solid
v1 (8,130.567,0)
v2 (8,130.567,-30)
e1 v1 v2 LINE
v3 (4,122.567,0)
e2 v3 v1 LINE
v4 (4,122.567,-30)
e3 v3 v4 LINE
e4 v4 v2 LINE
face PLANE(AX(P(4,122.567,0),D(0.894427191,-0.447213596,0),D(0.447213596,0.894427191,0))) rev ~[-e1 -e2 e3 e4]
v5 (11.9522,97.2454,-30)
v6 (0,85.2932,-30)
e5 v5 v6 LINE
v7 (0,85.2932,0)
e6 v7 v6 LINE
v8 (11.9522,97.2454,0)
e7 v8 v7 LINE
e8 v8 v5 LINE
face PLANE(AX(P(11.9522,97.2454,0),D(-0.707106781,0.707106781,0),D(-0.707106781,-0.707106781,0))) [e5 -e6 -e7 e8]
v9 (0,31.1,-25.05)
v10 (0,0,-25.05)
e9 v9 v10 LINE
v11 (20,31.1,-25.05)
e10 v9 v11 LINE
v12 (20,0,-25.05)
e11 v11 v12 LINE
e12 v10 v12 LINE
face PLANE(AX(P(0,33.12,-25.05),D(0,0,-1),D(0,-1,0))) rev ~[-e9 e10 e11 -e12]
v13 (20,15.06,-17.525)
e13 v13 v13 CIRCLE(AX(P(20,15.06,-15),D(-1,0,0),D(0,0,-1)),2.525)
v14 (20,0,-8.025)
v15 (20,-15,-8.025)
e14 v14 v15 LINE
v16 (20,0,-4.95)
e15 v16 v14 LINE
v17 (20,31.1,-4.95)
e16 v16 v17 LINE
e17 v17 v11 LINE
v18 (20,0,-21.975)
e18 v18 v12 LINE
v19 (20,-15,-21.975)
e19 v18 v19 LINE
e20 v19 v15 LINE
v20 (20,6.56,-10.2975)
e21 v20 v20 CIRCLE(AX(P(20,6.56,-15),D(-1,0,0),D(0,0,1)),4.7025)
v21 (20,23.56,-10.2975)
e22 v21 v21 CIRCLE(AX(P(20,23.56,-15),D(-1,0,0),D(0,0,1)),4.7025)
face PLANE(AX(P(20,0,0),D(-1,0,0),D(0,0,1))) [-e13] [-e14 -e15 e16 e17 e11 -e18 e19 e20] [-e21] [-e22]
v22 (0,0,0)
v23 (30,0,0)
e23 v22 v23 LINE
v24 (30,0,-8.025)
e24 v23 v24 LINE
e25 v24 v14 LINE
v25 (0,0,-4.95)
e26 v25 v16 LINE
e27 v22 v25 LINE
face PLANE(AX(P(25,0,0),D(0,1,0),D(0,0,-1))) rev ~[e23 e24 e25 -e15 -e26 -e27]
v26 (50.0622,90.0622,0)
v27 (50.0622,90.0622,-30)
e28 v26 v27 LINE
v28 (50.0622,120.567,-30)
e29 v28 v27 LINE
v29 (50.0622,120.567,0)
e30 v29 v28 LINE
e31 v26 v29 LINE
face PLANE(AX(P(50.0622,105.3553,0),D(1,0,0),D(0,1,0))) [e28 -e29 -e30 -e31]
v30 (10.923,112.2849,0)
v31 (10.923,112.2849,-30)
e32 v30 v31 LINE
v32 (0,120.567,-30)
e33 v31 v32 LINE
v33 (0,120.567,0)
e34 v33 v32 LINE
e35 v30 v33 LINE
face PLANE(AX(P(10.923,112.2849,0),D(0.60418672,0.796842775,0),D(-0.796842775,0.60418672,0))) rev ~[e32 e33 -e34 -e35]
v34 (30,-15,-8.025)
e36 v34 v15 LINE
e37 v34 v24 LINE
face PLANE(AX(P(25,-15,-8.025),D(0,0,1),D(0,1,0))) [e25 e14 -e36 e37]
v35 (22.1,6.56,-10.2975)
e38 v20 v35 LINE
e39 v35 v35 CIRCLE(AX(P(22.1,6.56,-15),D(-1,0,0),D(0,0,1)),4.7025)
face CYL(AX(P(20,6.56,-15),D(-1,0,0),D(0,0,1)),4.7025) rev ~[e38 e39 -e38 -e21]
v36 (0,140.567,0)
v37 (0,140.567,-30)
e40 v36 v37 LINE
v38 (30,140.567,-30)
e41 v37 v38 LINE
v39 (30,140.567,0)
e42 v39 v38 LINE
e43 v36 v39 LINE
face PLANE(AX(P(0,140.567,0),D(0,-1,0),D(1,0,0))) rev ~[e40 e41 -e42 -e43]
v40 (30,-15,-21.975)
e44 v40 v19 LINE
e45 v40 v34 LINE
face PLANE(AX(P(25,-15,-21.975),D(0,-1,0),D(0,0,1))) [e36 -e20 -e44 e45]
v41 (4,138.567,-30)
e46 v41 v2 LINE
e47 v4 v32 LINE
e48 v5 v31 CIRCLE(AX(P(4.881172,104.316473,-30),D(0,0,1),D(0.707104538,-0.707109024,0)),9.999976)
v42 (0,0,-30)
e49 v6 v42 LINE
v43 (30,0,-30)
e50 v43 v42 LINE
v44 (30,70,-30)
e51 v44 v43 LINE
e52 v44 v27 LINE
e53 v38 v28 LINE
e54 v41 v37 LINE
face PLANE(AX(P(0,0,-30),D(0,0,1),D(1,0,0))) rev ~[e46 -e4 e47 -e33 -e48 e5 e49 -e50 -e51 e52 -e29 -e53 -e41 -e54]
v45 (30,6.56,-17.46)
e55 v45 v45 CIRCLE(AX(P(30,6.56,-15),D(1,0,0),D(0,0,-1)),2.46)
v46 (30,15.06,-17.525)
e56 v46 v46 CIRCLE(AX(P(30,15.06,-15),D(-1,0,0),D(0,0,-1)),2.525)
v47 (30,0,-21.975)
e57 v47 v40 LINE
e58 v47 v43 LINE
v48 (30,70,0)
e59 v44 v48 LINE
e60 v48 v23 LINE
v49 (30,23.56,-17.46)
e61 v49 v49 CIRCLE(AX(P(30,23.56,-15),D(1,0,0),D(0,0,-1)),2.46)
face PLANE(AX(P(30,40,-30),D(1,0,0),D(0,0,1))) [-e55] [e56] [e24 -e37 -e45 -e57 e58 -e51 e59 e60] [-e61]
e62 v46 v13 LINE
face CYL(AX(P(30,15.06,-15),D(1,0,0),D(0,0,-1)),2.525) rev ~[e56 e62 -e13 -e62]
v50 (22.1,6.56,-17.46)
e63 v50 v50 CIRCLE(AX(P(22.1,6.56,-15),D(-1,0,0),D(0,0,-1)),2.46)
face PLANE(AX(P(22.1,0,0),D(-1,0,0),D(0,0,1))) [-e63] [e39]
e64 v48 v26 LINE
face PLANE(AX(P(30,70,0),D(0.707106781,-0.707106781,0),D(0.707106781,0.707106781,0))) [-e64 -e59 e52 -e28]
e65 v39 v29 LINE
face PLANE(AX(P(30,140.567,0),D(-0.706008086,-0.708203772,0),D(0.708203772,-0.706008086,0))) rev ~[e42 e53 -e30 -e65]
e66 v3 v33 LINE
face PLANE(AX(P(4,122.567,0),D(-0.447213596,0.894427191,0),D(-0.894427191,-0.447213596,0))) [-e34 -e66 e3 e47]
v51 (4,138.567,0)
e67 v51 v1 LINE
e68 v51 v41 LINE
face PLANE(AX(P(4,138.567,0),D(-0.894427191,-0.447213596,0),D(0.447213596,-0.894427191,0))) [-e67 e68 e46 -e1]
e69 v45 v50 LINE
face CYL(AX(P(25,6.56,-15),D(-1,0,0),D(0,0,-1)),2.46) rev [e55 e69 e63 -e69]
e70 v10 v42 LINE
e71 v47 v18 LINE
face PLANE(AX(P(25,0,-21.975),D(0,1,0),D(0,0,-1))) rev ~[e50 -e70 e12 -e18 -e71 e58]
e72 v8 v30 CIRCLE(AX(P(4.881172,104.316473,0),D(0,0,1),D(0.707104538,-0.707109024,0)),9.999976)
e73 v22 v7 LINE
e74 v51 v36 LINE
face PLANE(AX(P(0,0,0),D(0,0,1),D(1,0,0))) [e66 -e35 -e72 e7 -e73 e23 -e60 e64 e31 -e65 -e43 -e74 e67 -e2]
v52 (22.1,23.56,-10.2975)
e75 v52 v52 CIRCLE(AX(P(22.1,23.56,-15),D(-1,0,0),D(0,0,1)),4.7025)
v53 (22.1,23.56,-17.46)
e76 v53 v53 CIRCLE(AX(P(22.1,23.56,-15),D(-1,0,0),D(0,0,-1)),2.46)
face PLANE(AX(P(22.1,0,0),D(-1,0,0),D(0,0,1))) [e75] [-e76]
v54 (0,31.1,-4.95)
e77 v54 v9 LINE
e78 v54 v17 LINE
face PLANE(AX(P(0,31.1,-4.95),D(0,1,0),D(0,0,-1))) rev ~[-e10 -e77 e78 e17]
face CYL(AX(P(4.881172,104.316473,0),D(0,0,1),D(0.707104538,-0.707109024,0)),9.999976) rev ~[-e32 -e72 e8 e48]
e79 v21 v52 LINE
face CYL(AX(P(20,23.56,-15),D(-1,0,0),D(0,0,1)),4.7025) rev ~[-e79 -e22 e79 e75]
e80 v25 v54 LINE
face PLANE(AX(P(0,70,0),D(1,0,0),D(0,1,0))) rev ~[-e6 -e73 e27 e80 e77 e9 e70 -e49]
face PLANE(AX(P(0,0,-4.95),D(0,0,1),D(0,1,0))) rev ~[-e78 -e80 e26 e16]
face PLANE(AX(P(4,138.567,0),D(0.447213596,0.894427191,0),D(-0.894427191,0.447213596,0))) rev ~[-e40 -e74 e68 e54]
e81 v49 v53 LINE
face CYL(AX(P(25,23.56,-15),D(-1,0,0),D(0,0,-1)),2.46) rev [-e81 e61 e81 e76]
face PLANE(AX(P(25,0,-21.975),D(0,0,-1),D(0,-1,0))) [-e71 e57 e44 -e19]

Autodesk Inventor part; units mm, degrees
ref_plane "YZ Plane" through (0, 0, 0) normal (1, 0, 0) x (0, 1, 0)
ref_plane "XZ Plane" through (0, 0, 0) normal (0, 1, 0) x (-1, 0, 0)
ref_plane "XY Plane" through (0, 0, 0) normal (0, 0, 1) x (1, 0, 0)
sketch "Sketch1" plane through (0, 0, 0) normal (0, 0, 1) x (1, 0, 0)
  line L0 (0, 0) -> (25, 0)
  line L1 (25, 0) -> (25, 40)
  line L2 (25, 40) -> (0, 40)
  line L3 (0, 40) -> (0, 0)
  dimension "d1" = 25
  dimension "d2" = 40
  dimension "d3" = 25
extrude "Extrusion1" add sketch "Sketch1" against normal blind 30
sketch "Sketch2" plane through (25, 0, 0) normal (1, 0, 0) x (0, 0, -1)
  line L0 (0, 0) -> (30, 0) projected
  circle A0 centre (15, 6.56) radius 2.46
extrude "Extrusion2" cut sketch "Sketch2" against normal blind 30
sketch "Sketch3" plane through (0, 0, 0) normal (-1, 0, 0) x (0, 0, 1)
  line L0 (0, 0) -> (-30, 0) projected
  line L1 (-25.05, 0) -> (-4.95, 0)
  line L2 (-4.95, 0) -> (-4.95, 33.12)
  line L3 (-4.95, 33.12) -> (-25.05, 33.12)
  line L4 (-25.05, 33.12) -> (-25.05, 0)
  dimension "d11" = 20.1
extrude "Extrusion3" cut sketch "Sketch3" against normal blind 20
sketch "Sketch4" plane through (0, 0, 0) normal (0, -1, 0) x (1, 0, 0)
  line L0 (20, -4.95) -> (20, -25.05) projected
  line L1 (20, -15) -> (25, -15)
  line L2 (25, 0) -> (25, -30) projected
  line L3 (20, -8.025) -> (25, -8.025)
  line L4 (25, -8.025) -> (25, -21.975)
  line L5 (25, -21.975) -> (20, -21.975)
  line L6 (20, -21.975) -> (20, -8.025)
  line L7 (20, -8.025) -> (25, -21.975) construction
  line L8 (25, -8.025) -> (20, -21.975) construction
  line L9 (25, -12.54) -> (25, -17.46) projected
  point P0 (0, 0)
  point P1 (22.5, -15)
  dimension "d14" = 13.95
extrude "Extrusion4" add sketch "Sketch4" along normal blind 15
sketch "Sketch5" plane through (20, 0, 0) normal (-1, 0, 0) x (0, 0, 1)
  circle A0 centre (-15, 6.56) radius 2.46 projected
  circle A1 centre (-15, 6.56) radius 4.7025
  circle A2 centre (-15, 6.56) radius 2.46 projected
  circle A3 centre (-15, 6.56) radius 2.46
  point P0 (0, 0)
  dimension "d17" = 9.405
extrude "Extrusion5" cut sketch "Sketch5" against normal blind 2.1
sketch "Sketch6" plane through (25, 0, 0) normal (1, 0, 0) x (0, 0, -1)
  circle A0 centre (15, 6.56) radius 4.7025 projected
  line L0 (15, 6.56) -> (15, 23.56)
  circle A1 centre (15, 23.56) radius 2.46
  point P0 (0, 0)
  dimension "d20" = 17
  dimension "d21" = 4.92
extrude "Extrusion6" cut sketch "Sketch6" against normal blind 10 contours A1
sketch "Sketch7" plane through (20, 0, 0) normal (-1, 0, 0) x (0, 0, 1)
  circle A0 centre (-15, 23.56) radius 2.46 projected
  circle A1 centre (-15, 23.56) radius 4.7025
  point P0 (0, 0)
  dimension "d24" = 9.405
extrude "Extrusion7" cut sketch "Sketch7" against normal blind 2.1
sketch "Sketch9" plane through (25, 0, 0) normal (1, 0, 0) x (0, 0, -1)
  circle A0 centre (15, 6.56) radius 2.46 projected
  circle A1 centre (15, 6.56) radius 2.46
  circle A2 centre (15, 23.56) radius 2.46 projected
  circle A3 centre (15, 23.56) radius 2.46
  line L0 (30, 40) -> (30, 0) projected
  line L1 (30, 0) -> (30, 40)
  line L2 (30, 40) -> (0, 40)
  line L3 (0, 40) -> (0, 0)
  line L4 (0, 0) -> (8.025, 0) projected
  line L5 (21.975, 0) -> (21.975, -15)
  line L6 (21.975, -15) -> (8.025, -15)
  line L7 (8.025, -15) -> (8.025, 0)
  line L8 (0, 0) -> (8.025, 0)
  line L9 (21.975, 0) -> (30, 0)
extrude "Extrusion8" add sketch "Sketch9" along normal blind 5
sketch "Sketch10" plane through (0, 40, 0) normal (0, 1, 0) x (1, 0, 0)
  line L0 (0, 30) -> (30, 30) projected
  line L1 (30, 0) -> (0, 0) projected
  line L2 (0, 30) -> (30, 30)
  line L3 (30, 30) -> (30, 0)
  line L4 (30, 0) -> (0, 0)
  line L5 (0, 0) -> (0, 30)
extrude "Extrusion9" add sketch "Sketch10" along normal blind 30
sketch "Sketch12" plane through (30, 0, 0) normal (1, 0, 0) x (0, 0, -1)
  circle A0 centre (15, 6.56) radius 2.46 projected
  line L0 (15, 6.56) -> (15, 15.06)
  circle A1 centre (15, 15.06) radius 2.525
  point P0 (0, 0)
  dimension "d31" = 8.5
  dimension "d33" = 5.05
extrude "Extrusion10" cut sketch "Sketch12" against normal blind 30 contours A1
sketch "Sketch15" plane through (0, 0, -25.05) normal (-1, 0, 0) x (0, 0, 1)
  line L0 (0, 33.12) -> (20.1, 33.12) projected
  line L1 (20.1, 33.12) -> (20.1, 0) projected
  line L2 (0, 33.12) -> (20.1, 33.12)
  line L3 (20.1, 33.12) -> (20.1, 31.1)
  line L4 (20.1, 31.1) -> (0, 31.1)
  line L5 (0, 31.1) -> (0, 33.12)
  point P0 (25.05, 0)
  dimension "d57" = 2.02
extrude "Extrusion13" add sketch "Sketch15" against normal blind 20
sketch "Sketch17" plane through (0, 0, 0) normal (0, 0, 1) x (1, 0, 0)
  line L0 (0, 70) -> (30, 70) projected
  line L1 (30, 70) -> (50.0622, 90.0622)
  line L2 (30, 70) -> (80, 70) construction
  line L3 (11.9522, 97.2454) -> (0, 85.2932)
  line L4 (0, 70) -> (0, 85.2932)
  line L5 (0, 70) -> (0, 0) projected
  line L6 (0, 70) -> (30, 70)
  line L7 (10.923, 112.2849) -> (0, 120.567)
  line L8 (50.0622, 105.3553) -> (50.0622, 120.567)
  line L9 (50.0622, 105.3553) -> (50.0622, 90.0622)
  arc A0 (11.9522, 97.2454) -> (10.923, 112.2849) centre (4.8811, 104.3165) ccw
  line L10 (4, 138.567) -> (0, 140.567)
  line L11 (4, 122.567) -> (0, 120.567)
  line L12 (4, 122.567) -> (8, 130.567)
  line L13 (4, 138.567) -> (8, 130.567)
  line L14 (0, 140.567) -> (30, 140.567)
  line L15 (30, 140.567) -> (50.0622, 120.567)
  dimension "d61" = 45
  dimension "d62" = 32.0271
  dimension "d72" = 10
extrude "Extrusion14" add sketch "Sketch17" against normal blind 30
properties part number "rec_c_16mm_x_30mm"
